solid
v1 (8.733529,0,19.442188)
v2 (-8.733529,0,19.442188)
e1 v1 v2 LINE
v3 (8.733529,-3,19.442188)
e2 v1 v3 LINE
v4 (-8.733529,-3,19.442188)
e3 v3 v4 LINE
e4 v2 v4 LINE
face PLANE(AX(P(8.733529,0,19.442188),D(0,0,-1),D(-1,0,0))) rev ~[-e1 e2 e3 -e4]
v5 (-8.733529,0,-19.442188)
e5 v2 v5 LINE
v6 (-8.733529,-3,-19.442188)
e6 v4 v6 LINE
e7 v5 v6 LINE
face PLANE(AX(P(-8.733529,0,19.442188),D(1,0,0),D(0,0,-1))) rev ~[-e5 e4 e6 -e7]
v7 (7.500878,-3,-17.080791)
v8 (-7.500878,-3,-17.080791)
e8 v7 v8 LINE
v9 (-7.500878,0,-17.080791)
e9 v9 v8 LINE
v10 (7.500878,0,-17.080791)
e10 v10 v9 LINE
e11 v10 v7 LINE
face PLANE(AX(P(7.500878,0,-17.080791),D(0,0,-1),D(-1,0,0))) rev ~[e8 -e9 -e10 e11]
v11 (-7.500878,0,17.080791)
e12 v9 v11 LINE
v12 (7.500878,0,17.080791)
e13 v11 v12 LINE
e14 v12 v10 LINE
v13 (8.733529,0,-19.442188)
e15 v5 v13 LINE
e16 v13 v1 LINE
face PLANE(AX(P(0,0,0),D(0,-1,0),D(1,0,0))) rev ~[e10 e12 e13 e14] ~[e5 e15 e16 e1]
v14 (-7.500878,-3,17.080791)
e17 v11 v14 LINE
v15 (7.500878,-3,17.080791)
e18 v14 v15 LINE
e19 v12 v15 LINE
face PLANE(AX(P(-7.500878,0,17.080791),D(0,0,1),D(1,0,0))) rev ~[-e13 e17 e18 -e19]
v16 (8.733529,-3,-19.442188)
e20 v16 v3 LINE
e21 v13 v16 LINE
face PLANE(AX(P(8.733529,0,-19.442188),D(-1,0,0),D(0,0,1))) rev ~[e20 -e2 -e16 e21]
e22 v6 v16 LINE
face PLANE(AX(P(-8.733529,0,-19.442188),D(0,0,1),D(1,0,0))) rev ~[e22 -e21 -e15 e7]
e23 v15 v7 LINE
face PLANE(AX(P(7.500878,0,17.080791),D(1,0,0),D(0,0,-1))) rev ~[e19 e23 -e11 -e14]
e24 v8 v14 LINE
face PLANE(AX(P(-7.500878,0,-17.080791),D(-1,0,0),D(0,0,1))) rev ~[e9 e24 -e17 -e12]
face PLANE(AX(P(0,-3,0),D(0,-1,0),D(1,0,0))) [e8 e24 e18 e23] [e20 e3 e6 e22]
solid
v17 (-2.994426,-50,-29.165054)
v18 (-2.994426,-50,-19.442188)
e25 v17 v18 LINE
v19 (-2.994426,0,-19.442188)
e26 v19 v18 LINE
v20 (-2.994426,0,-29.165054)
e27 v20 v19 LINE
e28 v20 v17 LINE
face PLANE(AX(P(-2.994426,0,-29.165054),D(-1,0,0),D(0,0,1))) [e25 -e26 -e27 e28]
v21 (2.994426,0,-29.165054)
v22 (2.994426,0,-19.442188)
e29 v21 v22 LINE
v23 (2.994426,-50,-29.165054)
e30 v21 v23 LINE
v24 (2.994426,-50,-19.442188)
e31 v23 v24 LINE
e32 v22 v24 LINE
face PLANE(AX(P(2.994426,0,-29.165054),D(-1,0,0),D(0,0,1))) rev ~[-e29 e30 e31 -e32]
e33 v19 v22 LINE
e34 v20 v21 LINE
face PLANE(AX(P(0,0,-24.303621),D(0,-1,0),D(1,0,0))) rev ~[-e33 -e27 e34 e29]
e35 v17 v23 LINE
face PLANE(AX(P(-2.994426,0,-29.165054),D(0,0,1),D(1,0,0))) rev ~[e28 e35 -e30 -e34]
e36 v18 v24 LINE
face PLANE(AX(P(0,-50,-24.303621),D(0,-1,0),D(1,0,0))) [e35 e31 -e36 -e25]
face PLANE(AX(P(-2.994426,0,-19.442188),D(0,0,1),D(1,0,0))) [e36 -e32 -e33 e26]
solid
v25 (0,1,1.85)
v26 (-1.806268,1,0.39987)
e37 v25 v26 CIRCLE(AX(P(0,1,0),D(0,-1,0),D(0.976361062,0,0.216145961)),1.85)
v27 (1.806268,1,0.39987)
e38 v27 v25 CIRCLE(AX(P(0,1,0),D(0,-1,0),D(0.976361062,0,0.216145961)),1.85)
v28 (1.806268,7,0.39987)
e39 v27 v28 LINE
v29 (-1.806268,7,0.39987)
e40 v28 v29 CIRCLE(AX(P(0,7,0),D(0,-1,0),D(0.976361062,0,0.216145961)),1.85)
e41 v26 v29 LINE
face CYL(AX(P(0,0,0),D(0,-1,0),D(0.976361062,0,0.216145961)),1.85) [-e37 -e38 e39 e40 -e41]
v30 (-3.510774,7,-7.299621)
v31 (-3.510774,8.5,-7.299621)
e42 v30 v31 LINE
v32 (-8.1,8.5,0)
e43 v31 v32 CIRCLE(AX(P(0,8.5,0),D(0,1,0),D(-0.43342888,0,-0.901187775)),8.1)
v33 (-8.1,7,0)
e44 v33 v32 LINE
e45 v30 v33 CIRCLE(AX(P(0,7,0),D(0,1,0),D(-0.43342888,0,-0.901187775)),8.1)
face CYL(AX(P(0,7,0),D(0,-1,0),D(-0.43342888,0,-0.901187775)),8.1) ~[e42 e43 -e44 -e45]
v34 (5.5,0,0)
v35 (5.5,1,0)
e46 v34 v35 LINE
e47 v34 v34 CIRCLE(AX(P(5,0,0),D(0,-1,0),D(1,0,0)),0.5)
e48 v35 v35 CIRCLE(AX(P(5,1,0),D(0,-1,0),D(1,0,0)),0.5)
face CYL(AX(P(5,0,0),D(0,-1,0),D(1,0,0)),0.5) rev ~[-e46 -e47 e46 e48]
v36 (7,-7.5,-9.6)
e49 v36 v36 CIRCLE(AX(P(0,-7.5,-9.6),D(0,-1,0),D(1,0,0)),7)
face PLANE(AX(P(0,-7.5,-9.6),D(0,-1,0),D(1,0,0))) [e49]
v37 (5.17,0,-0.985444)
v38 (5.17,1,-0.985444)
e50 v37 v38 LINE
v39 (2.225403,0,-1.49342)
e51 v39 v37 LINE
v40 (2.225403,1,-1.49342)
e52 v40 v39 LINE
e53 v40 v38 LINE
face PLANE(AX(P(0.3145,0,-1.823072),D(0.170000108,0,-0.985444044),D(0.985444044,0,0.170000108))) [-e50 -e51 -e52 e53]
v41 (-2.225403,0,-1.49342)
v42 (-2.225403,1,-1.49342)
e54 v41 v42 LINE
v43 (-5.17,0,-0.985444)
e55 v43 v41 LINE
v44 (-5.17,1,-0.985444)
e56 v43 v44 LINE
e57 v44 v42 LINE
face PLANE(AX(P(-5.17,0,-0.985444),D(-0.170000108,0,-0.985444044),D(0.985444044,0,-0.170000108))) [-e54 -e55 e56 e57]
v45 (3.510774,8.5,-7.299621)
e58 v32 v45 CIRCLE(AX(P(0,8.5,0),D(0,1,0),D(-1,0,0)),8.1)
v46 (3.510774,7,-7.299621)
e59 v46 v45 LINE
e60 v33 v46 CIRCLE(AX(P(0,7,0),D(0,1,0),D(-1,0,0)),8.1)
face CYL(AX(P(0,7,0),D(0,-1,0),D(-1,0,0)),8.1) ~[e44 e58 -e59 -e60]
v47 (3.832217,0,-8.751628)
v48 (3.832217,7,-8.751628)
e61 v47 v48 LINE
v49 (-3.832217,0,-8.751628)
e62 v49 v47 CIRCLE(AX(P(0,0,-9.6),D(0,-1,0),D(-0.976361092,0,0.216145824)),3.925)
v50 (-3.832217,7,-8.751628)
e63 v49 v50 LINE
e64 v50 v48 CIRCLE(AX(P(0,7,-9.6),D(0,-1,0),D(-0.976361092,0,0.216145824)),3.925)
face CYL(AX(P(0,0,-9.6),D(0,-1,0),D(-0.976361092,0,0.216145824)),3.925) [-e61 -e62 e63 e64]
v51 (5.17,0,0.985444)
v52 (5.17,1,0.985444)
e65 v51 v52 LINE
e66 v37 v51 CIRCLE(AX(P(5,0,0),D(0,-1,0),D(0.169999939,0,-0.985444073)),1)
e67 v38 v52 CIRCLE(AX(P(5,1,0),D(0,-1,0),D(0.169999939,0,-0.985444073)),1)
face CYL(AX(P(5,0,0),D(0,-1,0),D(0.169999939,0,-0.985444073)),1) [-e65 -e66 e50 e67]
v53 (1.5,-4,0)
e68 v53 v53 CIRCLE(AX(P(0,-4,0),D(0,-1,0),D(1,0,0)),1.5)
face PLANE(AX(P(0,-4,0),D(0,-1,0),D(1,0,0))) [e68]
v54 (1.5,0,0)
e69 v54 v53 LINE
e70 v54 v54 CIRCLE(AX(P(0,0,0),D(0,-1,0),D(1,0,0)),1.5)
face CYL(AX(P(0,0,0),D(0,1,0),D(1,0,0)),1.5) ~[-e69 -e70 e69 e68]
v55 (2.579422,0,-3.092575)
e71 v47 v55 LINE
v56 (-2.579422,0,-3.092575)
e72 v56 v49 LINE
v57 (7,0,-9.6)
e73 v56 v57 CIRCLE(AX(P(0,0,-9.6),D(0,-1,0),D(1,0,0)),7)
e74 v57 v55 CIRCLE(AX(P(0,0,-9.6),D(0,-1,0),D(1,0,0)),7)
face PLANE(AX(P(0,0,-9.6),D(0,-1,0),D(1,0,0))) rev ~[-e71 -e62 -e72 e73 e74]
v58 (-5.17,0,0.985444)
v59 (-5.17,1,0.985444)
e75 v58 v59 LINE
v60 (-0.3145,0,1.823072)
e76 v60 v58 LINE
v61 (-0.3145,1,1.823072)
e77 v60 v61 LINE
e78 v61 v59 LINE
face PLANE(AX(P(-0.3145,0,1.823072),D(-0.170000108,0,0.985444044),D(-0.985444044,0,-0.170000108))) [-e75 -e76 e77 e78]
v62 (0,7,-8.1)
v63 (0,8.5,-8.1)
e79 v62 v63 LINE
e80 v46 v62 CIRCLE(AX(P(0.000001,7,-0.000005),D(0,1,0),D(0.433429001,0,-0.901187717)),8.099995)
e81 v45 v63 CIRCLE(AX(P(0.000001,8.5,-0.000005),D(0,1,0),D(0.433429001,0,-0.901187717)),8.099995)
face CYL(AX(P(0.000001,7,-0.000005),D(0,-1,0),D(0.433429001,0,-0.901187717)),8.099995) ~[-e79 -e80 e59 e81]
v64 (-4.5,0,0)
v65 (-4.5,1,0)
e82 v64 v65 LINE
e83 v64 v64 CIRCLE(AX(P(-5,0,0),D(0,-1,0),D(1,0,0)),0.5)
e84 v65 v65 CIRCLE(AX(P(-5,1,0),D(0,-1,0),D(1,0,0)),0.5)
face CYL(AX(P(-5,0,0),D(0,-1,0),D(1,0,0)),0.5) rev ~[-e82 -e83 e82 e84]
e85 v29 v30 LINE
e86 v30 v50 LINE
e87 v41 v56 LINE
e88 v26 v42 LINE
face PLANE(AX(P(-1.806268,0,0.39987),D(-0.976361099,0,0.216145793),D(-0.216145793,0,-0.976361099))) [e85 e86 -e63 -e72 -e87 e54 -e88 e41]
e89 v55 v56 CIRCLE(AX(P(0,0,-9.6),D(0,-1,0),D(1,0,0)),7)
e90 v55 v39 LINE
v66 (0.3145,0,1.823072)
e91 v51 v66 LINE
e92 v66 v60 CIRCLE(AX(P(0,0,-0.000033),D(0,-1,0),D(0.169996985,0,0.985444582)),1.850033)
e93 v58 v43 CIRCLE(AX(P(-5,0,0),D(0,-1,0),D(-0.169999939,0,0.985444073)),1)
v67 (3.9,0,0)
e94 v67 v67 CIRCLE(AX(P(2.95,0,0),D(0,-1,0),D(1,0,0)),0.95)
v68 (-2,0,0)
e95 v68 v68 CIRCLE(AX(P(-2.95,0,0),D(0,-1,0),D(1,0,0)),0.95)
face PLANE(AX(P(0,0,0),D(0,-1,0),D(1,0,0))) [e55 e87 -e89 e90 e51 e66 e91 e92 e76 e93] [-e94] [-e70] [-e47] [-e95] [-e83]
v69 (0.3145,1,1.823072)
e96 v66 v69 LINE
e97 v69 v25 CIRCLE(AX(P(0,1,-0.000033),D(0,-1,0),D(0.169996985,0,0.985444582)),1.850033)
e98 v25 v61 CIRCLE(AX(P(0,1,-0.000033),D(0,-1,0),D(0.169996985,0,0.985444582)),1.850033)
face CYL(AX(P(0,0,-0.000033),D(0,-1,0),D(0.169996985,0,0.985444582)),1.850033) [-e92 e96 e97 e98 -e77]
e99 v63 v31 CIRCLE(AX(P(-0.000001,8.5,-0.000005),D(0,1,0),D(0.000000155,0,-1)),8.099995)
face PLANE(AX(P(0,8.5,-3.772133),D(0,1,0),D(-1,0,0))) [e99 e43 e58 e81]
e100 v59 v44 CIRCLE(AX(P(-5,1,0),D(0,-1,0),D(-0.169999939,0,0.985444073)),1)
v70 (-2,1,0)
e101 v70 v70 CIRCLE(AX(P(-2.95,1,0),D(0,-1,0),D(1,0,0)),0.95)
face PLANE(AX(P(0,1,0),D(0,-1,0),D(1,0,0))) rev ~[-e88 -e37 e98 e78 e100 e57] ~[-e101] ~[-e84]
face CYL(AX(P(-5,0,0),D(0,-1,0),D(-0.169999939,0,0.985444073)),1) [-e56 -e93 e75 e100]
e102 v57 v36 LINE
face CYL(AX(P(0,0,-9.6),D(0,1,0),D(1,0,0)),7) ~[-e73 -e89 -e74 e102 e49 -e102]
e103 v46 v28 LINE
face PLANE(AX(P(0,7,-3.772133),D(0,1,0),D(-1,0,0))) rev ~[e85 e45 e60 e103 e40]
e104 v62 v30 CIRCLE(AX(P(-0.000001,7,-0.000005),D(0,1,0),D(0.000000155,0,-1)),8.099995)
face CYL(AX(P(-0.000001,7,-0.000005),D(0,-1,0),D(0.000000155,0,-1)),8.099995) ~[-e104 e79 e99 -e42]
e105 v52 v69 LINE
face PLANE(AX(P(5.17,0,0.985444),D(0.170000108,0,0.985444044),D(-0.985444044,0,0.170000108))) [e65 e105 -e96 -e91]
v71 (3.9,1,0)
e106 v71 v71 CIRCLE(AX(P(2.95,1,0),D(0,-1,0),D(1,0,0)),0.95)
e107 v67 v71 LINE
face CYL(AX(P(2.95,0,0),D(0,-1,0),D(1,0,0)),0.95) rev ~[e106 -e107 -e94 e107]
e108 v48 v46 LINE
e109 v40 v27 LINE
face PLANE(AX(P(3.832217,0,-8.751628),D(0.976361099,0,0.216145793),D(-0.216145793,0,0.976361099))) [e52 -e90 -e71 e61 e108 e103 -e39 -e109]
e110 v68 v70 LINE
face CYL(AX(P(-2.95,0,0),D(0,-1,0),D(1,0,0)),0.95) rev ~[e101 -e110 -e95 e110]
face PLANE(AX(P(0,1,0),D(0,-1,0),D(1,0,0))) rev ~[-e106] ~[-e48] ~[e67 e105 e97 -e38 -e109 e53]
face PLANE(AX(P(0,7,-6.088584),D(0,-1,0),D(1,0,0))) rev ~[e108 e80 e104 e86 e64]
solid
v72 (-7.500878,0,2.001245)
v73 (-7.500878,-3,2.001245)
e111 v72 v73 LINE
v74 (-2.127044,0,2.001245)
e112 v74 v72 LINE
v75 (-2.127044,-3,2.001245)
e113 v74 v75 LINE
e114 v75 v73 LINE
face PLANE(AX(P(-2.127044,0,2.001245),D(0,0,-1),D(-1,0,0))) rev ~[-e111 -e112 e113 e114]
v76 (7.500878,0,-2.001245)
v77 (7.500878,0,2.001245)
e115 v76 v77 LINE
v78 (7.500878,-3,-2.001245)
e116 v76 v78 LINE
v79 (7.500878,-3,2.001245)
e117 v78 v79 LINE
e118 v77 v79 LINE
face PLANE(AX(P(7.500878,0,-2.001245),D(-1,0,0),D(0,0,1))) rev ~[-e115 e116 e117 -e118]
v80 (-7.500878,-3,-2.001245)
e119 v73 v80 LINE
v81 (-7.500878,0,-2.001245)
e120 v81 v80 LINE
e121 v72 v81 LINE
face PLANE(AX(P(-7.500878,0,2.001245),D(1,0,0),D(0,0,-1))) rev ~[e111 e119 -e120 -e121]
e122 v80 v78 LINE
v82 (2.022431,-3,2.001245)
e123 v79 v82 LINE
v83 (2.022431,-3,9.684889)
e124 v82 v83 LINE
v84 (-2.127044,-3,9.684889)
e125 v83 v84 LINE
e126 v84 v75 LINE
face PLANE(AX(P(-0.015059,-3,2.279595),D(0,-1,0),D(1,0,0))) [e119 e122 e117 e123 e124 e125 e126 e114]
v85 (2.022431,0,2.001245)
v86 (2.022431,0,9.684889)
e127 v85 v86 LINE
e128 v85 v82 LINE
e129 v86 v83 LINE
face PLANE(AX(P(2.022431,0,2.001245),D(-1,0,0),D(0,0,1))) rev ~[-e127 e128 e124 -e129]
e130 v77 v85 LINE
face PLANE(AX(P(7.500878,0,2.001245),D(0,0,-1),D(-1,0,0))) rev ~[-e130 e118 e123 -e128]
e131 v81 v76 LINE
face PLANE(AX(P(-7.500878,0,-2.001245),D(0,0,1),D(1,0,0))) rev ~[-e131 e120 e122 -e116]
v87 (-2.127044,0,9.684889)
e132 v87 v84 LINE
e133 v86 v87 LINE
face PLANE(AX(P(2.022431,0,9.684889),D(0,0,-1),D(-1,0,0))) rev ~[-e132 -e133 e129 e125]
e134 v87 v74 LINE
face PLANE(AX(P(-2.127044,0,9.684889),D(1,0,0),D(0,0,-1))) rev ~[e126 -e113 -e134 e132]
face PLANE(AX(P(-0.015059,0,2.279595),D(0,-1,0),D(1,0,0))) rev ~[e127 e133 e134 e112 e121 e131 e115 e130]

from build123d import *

# Parameters (mm, degrees)
F0_R      = 7
F2_DEPTH  = 7.5
F0_R_2    = 0.5
F0_R_3    = 0.95
F0_R_4    = 1.5
F3_DEPTH  = 1
F4_DEPTH  = 7
F6_DEPTH  = 1.5
F7_DEPTH  = 4
F9_DEPTH  = 3
F10_DEPTH = 3
F8_W      = 5.988852
F8_H      = 9.722866
F11_DEPTH = 50


with BuildPart() as f2:
    # F0 (on Front) → F2 (new body)
    with BuildSketch(Plane.XZ):
        with Locations((0, -9.6)):
            Circle(F0_R)
    extrude(amount=F2_DEPTH)



with BuildPart() as f3:
    # F0 (on Front) → F3 (new body)
    with BuildSketch(Plane.XZ):
        with BuildLine():
            ThreePointArc((-5.17, 0.985444), (-6, 0), (-5.17, -0.985444))
            Line((-5.17, -0.985444), (-0.3145, -1.823072))
            ThreePointArc((-0.3145, -1.823072), (0, -1.85), (0.3145, -1.823072))
            Line((0.3145, -1.823072), (5.17, -0.985444))
            ThreePointArc((5.17, -0.985444), (6, 0), (5.17, 0.985444))
            Line((5.17, 0.985444), (0.3145, 1.823072))
            ThreePointArc((0.3145, 1.823072), (0, 1.85), (-0.3145, 1.823072))
            Line((-0.3145, 1.823072), (-5.17, 0.985444))
        make_face()
        with Locations((-5, 0)):
            Circle(F0_R_2, mode=Mode.SUBTRACT)
        with Locations((-2.95, 0)):
            Circle(F0_R_3, mode=Mode.SUBTRACT)
        Circle(F0_R_4, mode=Mode.SUBTRACT)
        with Locations((2.95, 0)):
            Circle(F0_R_3, mode=Mode.SUBTRACT)
        with Locations((5, 0)):
            Circle(F0_R_2, mode=Mode.SUBTRACT)
        Circle(F0_R_4)
    extrude(amount=-F3_DEPTH)


with BuildPart() as f2_1:
    add(f2.part)

    add(f3.part)  # F4 merges F3
    # F1 (on Front) → F4 (join)
    with BuildSketch(Plane.XZ):
        with BuildLine():
            ThreePointArc((1.806268, 0.39987), (0, 1.85), (-1.806268, 0.39987))
            Line((-1.806268, 0.39987), (-3.832217, -8.751628))
            ThreePointArc((-3.832217, -8.751628), (0, -13.525), (3.832217, -8.751628))
            Line((3.832217, -8.751628), (1.806268, 0.39987))
        make_face()
    extrude(amount=-F4_DEPTH)

    # F5 (on face) → F6 (join)
    with BuildSketch(Plane(origin=(0, 7, 0), x_dir=(-1, 0, 0), z_dir=(0, 1, 0))):
        with BuildLine():
            Line((-1.806268, 0.39987), (-3.510774, -7.299621))
            ThreePointArc((-3.510774, -7.299621), (-1.800426, -7.897371), (0, -8.1))
            ThreePointArc((0, -8.1), (1.800426, -7.897371), (3.510774, -7.299621))
            Line((3.510774, -7.299621), (1.806268, 0.39987))
            ThreePointArc((1.806268, 0.39987), (0, 1.85), (-1.806268, 0.39987))
        make_face()
        with BuildLine():
            ThreePointArc((3.510774, -7.299621), (6.857378, -4.311191), (8.1, 0))
            ThreePointArc((8.1, 0), (-4.311191, 6.857378), (-3.510774, -7.299621))
            Line((-3.510774, -7.299621), (-1.806268, 0.39987))
            ThreePointArc((-1.806268, 0.39987), (0, 1.85), (1.806268, 0.39987))
            Line((1.806268, 0.39987), (3.510774, -7.299621))
        make_face()
    extrude(amount=F6_DEPTH)

    # F0 (on Front) → F7 (join)
    with BuildSketch(Plane.XZ):
        Circle(F0_R_4)
    extrude(amount=F7_DEPTH)


with BuildPart() as f9:
    # F8 (on Front) → F9 (new body)
    with BuildSketch(Plane.XZ):
        Polygon((8.733529, -19.442188), (8.733529, 19.442188), (-8.733529, 19.442188), (-8.733529, -19.442188), (-2.994426, -19.442188), (2.994426, -19.442188), align=None)
        Polygon((7.500878, 2.001245), (7.500878, -2.001245), (7.500878, -17.080791), (-7.500878, -17.080791), (-7.500878, -2.001245), (-7.500878, 2.001245), (-7.500878, 17.080791), (7.500878, 17.080791), align=None, mode=Mode.SUBTRACT)
    extrude(amount=F9_DEPTH)


with BuildPart() as f10:
    # F8 (on Front) → F10 (new body)
    with BuildSketch(Plane.XZ):
        Polygon((-7.500878, -2.001245), (7.500878, -2.001245), (7.500878, 2.001245), (2.022431, 2.001245), (2.022431, 9.684889), (-2.127044, 9.684889), (-2.127044, 2.001245), (-7.500878, 2.001245), align=None)
    extrude(amount=F10_DEPTH)


with BuildPart() as f11:
    # F8 (on Front) → F11 (new body)
    with BuildSketch(Plane.XZ):
        with Locations((0, -24.303621)):
            Rectangle(F8_W, F8_H)
    extrude(amount=F11_DEPTH)


solid = Compound([f2_1.part, f9.part, f10.part, f11.part])
